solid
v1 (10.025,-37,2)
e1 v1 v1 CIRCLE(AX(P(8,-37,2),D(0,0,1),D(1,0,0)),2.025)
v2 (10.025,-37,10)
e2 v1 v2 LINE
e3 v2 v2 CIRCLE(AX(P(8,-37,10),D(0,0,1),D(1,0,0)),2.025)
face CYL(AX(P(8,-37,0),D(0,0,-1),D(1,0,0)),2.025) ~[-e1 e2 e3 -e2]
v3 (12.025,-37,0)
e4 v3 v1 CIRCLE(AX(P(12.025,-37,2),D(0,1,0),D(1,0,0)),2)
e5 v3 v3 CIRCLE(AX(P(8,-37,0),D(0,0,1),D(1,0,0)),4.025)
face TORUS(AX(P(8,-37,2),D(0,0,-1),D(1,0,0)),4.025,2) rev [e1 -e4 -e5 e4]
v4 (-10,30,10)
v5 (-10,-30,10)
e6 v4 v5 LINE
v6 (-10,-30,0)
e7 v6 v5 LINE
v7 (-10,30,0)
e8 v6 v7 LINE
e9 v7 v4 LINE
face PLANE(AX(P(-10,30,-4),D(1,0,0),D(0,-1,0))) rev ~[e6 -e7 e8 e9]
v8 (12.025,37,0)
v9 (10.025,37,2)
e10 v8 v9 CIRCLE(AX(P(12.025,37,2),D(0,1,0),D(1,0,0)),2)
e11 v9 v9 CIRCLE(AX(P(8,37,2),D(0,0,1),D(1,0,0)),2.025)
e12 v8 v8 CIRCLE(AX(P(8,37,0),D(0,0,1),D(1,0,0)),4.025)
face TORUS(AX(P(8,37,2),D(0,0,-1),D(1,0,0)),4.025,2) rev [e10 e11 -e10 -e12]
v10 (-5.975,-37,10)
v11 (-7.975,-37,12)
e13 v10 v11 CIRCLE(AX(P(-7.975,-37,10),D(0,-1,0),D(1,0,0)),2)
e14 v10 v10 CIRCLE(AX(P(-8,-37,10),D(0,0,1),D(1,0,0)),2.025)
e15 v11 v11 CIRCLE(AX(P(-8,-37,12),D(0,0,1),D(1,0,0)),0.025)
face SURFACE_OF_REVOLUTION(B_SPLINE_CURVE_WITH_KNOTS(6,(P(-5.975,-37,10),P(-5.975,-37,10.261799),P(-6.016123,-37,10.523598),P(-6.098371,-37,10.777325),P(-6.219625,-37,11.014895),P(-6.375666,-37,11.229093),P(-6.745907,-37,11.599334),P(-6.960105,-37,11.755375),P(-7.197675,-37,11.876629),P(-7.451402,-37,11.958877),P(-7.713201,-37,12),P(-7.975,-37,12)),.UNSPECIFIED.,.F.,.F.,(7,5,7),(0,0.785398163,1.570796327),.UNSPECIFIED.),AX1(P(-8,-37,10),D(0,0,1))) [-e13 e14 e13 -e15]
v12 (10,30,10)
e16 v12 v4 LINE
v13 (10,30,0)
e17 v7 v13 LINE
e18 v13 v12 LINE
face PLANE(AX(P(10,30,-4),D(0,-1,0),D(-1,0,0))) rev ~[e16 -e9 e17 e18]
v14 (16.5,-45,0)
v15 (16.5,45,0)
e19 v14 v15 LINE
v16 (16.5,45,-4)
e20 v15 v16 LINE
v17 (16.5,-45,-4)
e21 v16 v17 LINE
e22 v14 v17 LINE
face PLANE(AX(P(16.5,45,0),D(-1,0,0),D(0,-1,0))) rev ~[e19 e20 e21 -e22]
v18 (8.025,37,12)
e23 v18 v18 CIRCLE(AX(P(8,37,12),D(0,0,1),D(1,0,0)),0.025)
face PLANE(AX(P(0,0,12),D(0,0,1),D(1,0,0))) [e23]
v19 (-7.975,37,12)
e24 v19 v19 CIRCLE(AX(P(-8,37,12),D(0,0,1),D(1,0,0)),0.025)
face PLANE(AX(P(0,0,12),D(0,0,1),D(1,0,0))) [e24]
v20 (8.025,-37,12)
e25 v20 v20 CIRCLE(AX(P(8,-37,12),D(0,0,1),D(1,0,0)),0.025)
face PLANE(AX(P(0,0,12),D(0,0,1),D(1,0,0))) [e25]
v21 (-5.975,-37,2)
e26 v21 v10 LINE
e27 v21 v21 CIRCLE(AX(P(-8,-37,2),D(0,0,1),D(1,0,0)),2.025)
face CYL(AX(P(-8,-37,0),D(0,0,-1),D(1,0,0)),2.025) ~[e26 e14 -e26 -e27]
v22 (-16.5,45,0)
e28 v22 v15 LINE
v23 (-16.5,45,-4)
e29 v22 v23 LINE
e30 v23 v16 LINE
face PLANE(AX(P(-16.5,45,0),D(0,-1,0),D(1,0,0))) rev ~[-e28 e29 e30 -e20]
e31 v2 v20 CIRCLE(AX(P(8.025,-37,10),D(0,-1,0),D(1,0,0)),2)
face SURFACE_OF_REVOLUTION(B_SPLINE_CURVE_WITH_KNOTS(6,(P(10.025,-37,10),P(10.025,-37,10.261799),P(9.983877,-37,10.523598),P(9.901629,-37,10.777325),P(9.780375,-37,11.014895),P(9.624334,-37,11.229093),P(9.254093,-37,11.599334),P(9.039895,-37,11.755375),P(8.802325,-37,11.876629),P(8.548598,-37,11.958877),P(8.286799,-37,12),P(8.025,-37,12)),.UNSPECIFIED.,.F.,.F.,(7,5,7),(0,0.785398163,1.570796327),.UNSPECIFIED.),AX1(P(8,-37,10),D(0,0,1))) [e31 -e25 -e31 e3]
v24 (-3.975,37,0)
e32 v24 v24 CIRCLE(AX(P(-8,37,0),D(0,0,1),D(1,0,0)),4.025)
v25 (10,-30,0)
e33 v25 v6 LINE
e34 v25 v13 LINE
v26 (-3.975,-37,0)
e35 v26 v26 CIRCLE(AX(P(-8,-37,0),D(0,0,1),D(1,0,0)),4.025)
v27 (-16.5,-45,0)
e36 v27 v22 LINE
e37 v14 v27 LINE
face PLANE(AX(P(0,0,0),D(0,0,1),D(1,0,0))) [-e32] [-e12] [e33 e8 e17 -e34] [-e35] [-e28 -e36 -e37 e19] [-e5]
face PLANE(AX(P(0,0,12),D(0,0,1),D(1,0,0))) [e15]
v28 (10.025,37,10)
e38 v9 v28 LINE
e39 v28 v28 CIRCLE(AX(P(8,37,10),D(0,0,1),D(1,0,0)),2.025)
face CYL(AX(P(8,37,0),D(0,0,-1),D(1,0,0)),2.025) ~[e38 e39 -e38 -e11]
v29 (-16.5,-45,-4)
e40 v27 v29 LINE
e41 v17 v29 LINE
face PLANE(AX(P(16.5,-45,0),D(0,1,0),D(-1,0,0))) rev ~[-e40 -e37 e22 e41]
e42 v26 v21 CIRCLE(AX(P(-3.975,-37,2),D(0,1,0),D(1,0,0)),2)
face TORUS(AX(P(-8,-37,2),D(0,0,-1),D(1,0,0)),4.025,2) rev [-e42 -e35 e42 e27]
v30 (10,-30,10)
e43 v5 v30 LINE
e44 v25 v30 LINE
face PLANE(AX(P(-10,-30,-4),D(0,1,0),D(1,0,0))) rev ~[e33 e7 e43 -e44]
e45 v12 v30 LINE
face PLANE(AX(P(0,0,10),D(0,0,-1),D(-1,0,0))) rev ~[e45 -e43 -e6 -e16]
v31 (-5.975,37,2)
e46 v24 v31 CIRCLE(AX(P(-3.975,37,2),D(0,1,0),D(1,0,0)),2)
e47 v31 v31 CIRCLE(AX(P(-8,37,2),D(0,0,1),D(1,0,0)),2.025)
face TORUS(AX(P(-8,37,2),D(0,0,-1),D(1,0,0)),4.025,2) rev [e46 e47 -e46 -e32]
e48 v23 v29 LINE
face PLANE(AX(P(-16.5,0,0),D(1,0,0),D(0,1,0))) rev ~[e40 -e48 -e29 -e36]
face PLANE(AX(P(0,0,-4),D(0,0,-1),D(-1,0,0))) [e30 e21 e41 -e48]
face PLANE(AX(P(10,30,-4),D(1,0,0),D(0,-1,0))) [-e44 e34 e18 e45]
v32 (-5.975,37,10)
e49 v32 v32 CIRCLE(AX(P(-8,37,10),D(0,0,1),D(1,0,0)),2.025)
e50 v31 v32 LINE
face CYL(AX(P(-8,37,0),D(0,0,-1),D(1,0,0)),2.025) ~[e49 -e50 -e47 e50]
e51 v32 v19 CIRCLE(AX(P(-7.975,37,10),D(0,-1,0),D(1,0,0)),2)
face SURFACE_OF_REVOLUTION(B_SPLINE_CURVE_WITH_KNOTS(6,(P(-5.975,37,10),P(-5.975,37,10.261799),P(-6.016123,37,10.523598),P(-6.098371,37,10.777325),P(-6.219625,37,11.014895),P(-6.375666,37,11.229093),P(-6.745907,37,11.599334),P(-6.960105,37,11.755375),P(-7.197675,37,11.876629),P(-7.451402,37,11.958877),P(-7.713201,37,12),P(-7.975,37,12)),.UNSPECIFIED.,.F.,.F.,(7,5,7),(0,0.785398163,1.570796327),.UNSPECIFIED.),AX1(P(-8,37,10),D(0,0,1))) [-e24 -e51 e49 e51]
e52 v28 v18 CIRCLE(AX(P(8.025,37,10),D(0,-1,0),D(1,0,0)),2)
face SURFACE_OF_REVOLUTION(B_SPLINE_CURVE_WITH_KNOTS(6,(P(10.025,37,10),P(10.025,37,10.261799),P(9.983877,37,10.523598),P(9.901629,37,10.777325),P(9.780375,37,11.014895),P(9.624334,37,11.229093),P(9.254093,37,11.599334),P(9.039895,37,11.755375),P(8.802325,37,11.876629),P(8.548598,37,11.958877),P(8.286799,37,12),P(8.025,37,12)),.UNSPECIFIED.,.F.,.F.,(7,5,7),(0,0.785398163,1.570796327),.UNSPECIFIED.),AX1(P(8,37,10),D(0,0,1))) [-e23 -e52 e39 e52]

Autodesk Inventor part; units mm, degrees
ref_plane "YZ Plane" through (0, 0, 0) normal (1, 0, 0) x (0, 1, 0)
ref_plane "XZ Plane" through (0, 0, 0) normal (0, 1, 0) x (-1, 0, 0)
ref_plane "XY Plane" through (0, 0, 0) normal (0, 0, 1) x (1, 0, 0)
sketch "Sketch1" plane through (0, 0, 0) normal (0, 0, 1) x (1, 0, 0)
  line L0 (-13.5, 42) -> (13.5, 42) construction
  line L1 (13.5, 42) -> (13.5, -42) construction
  line L2 (13.5, -42) -> (-13.5, -42) construction
  line L3 (-13.5, -42) -> (-13.5, 42) construction
  line L4 (-10, 30) -> (10, 30)
  line L5 (10, 30) -> (10, -30)
  line L6 (10, -30) -> (-10, -30)
  line L7 (-10, -30) -> (-10, 30)
  circle A0 centre (-8, 37) radius 2.025
  circle A1 centre (8, 37) radius 2.025
  circle A2 centre (8, -37) radius 2.025
  circle A3 centre (-8, -37) radius 2.025
  line L8 (-16.5, 45) -> (16.5, 45)
  line L9 (16.5, 45) -> (16.5, -45)
  line L10 (16.5, -45) -> (-16.5, -45)
  line L11 (-16.5, -45) -> (-16.5, 45)
  line L12 (-23.1, 0) -> (23.1, 0) projected
  point P0 (0, 0)
  dimension "d0" = 27
  dimension "d8" = 4.05
  dimension "d9" = 5
  dimension "d10" = 5.5
  dimension "d11" = 4.05
  dimension "d12" = 5.5
  dimension "d13" = 4.05
  dimension "d14" = 5
  dimension "d15" = 4.05
  dimension "d17" = 33
  dimension "d19" = 16.5
  dimension "d29" = 5.5
  dimension "d31" = 5
  dimension "d66" = 15
  dimension "d68" = 8
  dimension "d69" = 8
  dimension "d71" = 60
  dimension "d72" = 15
  dimension "d73" = 8
  dimension "d76" = 30
  dimension "d77" = 20
  dimension "d79" = 8
extrude "Extrusion1" add sketch "Sketch1" along normal blind 12 contours A0 | A1 | A2 | A3
extrude "Extrusion2" add sketch "Sketch1" against normal blind 4 contours L7 L12 L11 L8 L9 L5 L4 | L4 L5 L12 L7 | L12 L5 L6 L7 | L7 L6 L5 L12 L9 L10 L11 | A0 | A1 | A2 | A3
extrude "Extrusion3" [suppressed]
sketch "Sketch2" plane through (0, 0, 12) normal (0, 0, 1) x (1, 0, 0)
  line L0 (-10, -30) -> (10, -30) projected
  line L1 (10, -30) -> (10, 30) projected
  line L2 (10, 30) -> (-10, 30) projected
  line L3 (-10, 30) -> (-10, -30) projected
  circle A0 centre (-8, 37) radius 2.025 projected
  circle A1 centre (8, 37) radius 2.025 projected
  circle A2 centre (8, -37) radius 2.025 projected
  circle A3 centre (-8, -37) radius 2.025 projected
  point P0 (0, 0)
extrude "Extrusion4" [suppressed]
sketch "Sketch3" plane through (0, 0, -4) normal (0, 0, -1) x (-1, 0, 0)
  line L0 (31.5, 60) -> (-31.5, 60)
  line L1 (-31.5, 60) -> (-31.5, -60)
  line L2 (-31.5, -60) -> (31.5, -60)
  line L3 (31.5, -60) -> (31.5, 60)
  line L4 (16.5, -45) -> (16.5, 45) projected
  line L5 (-16.5, 45) -> (-16.5, -45) projected
  line L6 (-16.5, -45) -> (16.5, -45) projected
  line L7 (16.5, 45) -> (-16.5, 45) projected
  point P0 (0, 0)
  dimension "d32" = 15
  dimension "d33" = 15
  dimension "d34" = 15
  dimension "d35" = 15
extrude "Extrusion5" [suppressed]
sketch "Sketch4" plane through (-31.5, -38, 0) normal (0, 0, 1) x (1, 0, 0)
  line L0 (0, 0) -> (0, 76) projected
  line L1 (0, 76) -> (63, 76) projected
  line L2 (0, 0) -> (63, 0)
  line L3 (63, 0) -> (63, 76)
  line L4 (63, 76) -> (0, 76)
  line L5 (0, 76) -> (0, 0)
  line L6 (60.5, 73.5) -> (2.5, 73.5)
  line L7 (2.5, 73.5) -> (2.5, 2.5)
  line L8 (2.5, 2.5) -> (60.5, 2.5)
  line L9 (60.5, 2.5) -> (60.5, 73.5)
  point P0 (31.5, 38)
  dimension "d38" = 2.5
  dimension "d39" = 2.5
  dimension "d40" = 2.5
  dimension "d41" = 2.5
extrude "Extrusion6" [suppressed]
sketch "Sketch6" plane through (0, 0, -4) normal (0, 0, -1) x (-1, 0, 0)
  line L0 (-10, 30) -> (-10, -30) projected
  line L1 (10, -30) -> (-10, -30) projected
  line L2 (-10, 30) -> (10, 30)
  line L3 (10, 30) -> (10, -30)
  line L4 (10, -30) -> (-10, -30)
  line L5 (-10, -30) -> (-10, 30)
  point P0 (0, 0)
extrude "Extrusion7" add sketch "Sketch6" against normal blind 14
sketch "Sketch7" plane through (0, 0, -4) normal (0, 0, -1) x (-1, 0, 0)
  circle A0 centre (8, -37) radius 2.025 projected
  circle A1 centre (8, -37) radius 2.1
  circle A2 centre (-8, -37) radius 2.025 projected
  circle A3 centre (-8, -37) radius 2.1
  circle A4 centre (-8, 37) radius 2.025 projected
  circle A5 centre (-8, 37) radius 2.1
  circle A6 centre (8, 37) radius 2.025 projected
  circle A7 centre (8, 37) radius 2.1
  point P0 (0, 0)
  dimension "d58" = 4.2
  dimension "d59" = 4.2
  dimension "d60" = 4.2
  dimension "d61" = 4.2
extrude "Extrusion8" [suppressed]
fillet "Fillet1" [suppressed]
fillet "Fillet2" [suppressed]
fillet "Fillet3" radius 2 8 edges at (-10.025, -37, 12) (5.975, -37, 12) (5.975, 37, 12) (-10.025, 37, 12) (5.975, -37, 0) (-10.025, -37, 0) (5.975, 37, 0) (-10.025, 37, 0)
sketch "Sketch8" plane through (0, 0, 0) normal (0, 0, 1) x (1, 0, 0)
  point P0 (0, 0)
properties part number "Long PDMS Chamber-Mold"
